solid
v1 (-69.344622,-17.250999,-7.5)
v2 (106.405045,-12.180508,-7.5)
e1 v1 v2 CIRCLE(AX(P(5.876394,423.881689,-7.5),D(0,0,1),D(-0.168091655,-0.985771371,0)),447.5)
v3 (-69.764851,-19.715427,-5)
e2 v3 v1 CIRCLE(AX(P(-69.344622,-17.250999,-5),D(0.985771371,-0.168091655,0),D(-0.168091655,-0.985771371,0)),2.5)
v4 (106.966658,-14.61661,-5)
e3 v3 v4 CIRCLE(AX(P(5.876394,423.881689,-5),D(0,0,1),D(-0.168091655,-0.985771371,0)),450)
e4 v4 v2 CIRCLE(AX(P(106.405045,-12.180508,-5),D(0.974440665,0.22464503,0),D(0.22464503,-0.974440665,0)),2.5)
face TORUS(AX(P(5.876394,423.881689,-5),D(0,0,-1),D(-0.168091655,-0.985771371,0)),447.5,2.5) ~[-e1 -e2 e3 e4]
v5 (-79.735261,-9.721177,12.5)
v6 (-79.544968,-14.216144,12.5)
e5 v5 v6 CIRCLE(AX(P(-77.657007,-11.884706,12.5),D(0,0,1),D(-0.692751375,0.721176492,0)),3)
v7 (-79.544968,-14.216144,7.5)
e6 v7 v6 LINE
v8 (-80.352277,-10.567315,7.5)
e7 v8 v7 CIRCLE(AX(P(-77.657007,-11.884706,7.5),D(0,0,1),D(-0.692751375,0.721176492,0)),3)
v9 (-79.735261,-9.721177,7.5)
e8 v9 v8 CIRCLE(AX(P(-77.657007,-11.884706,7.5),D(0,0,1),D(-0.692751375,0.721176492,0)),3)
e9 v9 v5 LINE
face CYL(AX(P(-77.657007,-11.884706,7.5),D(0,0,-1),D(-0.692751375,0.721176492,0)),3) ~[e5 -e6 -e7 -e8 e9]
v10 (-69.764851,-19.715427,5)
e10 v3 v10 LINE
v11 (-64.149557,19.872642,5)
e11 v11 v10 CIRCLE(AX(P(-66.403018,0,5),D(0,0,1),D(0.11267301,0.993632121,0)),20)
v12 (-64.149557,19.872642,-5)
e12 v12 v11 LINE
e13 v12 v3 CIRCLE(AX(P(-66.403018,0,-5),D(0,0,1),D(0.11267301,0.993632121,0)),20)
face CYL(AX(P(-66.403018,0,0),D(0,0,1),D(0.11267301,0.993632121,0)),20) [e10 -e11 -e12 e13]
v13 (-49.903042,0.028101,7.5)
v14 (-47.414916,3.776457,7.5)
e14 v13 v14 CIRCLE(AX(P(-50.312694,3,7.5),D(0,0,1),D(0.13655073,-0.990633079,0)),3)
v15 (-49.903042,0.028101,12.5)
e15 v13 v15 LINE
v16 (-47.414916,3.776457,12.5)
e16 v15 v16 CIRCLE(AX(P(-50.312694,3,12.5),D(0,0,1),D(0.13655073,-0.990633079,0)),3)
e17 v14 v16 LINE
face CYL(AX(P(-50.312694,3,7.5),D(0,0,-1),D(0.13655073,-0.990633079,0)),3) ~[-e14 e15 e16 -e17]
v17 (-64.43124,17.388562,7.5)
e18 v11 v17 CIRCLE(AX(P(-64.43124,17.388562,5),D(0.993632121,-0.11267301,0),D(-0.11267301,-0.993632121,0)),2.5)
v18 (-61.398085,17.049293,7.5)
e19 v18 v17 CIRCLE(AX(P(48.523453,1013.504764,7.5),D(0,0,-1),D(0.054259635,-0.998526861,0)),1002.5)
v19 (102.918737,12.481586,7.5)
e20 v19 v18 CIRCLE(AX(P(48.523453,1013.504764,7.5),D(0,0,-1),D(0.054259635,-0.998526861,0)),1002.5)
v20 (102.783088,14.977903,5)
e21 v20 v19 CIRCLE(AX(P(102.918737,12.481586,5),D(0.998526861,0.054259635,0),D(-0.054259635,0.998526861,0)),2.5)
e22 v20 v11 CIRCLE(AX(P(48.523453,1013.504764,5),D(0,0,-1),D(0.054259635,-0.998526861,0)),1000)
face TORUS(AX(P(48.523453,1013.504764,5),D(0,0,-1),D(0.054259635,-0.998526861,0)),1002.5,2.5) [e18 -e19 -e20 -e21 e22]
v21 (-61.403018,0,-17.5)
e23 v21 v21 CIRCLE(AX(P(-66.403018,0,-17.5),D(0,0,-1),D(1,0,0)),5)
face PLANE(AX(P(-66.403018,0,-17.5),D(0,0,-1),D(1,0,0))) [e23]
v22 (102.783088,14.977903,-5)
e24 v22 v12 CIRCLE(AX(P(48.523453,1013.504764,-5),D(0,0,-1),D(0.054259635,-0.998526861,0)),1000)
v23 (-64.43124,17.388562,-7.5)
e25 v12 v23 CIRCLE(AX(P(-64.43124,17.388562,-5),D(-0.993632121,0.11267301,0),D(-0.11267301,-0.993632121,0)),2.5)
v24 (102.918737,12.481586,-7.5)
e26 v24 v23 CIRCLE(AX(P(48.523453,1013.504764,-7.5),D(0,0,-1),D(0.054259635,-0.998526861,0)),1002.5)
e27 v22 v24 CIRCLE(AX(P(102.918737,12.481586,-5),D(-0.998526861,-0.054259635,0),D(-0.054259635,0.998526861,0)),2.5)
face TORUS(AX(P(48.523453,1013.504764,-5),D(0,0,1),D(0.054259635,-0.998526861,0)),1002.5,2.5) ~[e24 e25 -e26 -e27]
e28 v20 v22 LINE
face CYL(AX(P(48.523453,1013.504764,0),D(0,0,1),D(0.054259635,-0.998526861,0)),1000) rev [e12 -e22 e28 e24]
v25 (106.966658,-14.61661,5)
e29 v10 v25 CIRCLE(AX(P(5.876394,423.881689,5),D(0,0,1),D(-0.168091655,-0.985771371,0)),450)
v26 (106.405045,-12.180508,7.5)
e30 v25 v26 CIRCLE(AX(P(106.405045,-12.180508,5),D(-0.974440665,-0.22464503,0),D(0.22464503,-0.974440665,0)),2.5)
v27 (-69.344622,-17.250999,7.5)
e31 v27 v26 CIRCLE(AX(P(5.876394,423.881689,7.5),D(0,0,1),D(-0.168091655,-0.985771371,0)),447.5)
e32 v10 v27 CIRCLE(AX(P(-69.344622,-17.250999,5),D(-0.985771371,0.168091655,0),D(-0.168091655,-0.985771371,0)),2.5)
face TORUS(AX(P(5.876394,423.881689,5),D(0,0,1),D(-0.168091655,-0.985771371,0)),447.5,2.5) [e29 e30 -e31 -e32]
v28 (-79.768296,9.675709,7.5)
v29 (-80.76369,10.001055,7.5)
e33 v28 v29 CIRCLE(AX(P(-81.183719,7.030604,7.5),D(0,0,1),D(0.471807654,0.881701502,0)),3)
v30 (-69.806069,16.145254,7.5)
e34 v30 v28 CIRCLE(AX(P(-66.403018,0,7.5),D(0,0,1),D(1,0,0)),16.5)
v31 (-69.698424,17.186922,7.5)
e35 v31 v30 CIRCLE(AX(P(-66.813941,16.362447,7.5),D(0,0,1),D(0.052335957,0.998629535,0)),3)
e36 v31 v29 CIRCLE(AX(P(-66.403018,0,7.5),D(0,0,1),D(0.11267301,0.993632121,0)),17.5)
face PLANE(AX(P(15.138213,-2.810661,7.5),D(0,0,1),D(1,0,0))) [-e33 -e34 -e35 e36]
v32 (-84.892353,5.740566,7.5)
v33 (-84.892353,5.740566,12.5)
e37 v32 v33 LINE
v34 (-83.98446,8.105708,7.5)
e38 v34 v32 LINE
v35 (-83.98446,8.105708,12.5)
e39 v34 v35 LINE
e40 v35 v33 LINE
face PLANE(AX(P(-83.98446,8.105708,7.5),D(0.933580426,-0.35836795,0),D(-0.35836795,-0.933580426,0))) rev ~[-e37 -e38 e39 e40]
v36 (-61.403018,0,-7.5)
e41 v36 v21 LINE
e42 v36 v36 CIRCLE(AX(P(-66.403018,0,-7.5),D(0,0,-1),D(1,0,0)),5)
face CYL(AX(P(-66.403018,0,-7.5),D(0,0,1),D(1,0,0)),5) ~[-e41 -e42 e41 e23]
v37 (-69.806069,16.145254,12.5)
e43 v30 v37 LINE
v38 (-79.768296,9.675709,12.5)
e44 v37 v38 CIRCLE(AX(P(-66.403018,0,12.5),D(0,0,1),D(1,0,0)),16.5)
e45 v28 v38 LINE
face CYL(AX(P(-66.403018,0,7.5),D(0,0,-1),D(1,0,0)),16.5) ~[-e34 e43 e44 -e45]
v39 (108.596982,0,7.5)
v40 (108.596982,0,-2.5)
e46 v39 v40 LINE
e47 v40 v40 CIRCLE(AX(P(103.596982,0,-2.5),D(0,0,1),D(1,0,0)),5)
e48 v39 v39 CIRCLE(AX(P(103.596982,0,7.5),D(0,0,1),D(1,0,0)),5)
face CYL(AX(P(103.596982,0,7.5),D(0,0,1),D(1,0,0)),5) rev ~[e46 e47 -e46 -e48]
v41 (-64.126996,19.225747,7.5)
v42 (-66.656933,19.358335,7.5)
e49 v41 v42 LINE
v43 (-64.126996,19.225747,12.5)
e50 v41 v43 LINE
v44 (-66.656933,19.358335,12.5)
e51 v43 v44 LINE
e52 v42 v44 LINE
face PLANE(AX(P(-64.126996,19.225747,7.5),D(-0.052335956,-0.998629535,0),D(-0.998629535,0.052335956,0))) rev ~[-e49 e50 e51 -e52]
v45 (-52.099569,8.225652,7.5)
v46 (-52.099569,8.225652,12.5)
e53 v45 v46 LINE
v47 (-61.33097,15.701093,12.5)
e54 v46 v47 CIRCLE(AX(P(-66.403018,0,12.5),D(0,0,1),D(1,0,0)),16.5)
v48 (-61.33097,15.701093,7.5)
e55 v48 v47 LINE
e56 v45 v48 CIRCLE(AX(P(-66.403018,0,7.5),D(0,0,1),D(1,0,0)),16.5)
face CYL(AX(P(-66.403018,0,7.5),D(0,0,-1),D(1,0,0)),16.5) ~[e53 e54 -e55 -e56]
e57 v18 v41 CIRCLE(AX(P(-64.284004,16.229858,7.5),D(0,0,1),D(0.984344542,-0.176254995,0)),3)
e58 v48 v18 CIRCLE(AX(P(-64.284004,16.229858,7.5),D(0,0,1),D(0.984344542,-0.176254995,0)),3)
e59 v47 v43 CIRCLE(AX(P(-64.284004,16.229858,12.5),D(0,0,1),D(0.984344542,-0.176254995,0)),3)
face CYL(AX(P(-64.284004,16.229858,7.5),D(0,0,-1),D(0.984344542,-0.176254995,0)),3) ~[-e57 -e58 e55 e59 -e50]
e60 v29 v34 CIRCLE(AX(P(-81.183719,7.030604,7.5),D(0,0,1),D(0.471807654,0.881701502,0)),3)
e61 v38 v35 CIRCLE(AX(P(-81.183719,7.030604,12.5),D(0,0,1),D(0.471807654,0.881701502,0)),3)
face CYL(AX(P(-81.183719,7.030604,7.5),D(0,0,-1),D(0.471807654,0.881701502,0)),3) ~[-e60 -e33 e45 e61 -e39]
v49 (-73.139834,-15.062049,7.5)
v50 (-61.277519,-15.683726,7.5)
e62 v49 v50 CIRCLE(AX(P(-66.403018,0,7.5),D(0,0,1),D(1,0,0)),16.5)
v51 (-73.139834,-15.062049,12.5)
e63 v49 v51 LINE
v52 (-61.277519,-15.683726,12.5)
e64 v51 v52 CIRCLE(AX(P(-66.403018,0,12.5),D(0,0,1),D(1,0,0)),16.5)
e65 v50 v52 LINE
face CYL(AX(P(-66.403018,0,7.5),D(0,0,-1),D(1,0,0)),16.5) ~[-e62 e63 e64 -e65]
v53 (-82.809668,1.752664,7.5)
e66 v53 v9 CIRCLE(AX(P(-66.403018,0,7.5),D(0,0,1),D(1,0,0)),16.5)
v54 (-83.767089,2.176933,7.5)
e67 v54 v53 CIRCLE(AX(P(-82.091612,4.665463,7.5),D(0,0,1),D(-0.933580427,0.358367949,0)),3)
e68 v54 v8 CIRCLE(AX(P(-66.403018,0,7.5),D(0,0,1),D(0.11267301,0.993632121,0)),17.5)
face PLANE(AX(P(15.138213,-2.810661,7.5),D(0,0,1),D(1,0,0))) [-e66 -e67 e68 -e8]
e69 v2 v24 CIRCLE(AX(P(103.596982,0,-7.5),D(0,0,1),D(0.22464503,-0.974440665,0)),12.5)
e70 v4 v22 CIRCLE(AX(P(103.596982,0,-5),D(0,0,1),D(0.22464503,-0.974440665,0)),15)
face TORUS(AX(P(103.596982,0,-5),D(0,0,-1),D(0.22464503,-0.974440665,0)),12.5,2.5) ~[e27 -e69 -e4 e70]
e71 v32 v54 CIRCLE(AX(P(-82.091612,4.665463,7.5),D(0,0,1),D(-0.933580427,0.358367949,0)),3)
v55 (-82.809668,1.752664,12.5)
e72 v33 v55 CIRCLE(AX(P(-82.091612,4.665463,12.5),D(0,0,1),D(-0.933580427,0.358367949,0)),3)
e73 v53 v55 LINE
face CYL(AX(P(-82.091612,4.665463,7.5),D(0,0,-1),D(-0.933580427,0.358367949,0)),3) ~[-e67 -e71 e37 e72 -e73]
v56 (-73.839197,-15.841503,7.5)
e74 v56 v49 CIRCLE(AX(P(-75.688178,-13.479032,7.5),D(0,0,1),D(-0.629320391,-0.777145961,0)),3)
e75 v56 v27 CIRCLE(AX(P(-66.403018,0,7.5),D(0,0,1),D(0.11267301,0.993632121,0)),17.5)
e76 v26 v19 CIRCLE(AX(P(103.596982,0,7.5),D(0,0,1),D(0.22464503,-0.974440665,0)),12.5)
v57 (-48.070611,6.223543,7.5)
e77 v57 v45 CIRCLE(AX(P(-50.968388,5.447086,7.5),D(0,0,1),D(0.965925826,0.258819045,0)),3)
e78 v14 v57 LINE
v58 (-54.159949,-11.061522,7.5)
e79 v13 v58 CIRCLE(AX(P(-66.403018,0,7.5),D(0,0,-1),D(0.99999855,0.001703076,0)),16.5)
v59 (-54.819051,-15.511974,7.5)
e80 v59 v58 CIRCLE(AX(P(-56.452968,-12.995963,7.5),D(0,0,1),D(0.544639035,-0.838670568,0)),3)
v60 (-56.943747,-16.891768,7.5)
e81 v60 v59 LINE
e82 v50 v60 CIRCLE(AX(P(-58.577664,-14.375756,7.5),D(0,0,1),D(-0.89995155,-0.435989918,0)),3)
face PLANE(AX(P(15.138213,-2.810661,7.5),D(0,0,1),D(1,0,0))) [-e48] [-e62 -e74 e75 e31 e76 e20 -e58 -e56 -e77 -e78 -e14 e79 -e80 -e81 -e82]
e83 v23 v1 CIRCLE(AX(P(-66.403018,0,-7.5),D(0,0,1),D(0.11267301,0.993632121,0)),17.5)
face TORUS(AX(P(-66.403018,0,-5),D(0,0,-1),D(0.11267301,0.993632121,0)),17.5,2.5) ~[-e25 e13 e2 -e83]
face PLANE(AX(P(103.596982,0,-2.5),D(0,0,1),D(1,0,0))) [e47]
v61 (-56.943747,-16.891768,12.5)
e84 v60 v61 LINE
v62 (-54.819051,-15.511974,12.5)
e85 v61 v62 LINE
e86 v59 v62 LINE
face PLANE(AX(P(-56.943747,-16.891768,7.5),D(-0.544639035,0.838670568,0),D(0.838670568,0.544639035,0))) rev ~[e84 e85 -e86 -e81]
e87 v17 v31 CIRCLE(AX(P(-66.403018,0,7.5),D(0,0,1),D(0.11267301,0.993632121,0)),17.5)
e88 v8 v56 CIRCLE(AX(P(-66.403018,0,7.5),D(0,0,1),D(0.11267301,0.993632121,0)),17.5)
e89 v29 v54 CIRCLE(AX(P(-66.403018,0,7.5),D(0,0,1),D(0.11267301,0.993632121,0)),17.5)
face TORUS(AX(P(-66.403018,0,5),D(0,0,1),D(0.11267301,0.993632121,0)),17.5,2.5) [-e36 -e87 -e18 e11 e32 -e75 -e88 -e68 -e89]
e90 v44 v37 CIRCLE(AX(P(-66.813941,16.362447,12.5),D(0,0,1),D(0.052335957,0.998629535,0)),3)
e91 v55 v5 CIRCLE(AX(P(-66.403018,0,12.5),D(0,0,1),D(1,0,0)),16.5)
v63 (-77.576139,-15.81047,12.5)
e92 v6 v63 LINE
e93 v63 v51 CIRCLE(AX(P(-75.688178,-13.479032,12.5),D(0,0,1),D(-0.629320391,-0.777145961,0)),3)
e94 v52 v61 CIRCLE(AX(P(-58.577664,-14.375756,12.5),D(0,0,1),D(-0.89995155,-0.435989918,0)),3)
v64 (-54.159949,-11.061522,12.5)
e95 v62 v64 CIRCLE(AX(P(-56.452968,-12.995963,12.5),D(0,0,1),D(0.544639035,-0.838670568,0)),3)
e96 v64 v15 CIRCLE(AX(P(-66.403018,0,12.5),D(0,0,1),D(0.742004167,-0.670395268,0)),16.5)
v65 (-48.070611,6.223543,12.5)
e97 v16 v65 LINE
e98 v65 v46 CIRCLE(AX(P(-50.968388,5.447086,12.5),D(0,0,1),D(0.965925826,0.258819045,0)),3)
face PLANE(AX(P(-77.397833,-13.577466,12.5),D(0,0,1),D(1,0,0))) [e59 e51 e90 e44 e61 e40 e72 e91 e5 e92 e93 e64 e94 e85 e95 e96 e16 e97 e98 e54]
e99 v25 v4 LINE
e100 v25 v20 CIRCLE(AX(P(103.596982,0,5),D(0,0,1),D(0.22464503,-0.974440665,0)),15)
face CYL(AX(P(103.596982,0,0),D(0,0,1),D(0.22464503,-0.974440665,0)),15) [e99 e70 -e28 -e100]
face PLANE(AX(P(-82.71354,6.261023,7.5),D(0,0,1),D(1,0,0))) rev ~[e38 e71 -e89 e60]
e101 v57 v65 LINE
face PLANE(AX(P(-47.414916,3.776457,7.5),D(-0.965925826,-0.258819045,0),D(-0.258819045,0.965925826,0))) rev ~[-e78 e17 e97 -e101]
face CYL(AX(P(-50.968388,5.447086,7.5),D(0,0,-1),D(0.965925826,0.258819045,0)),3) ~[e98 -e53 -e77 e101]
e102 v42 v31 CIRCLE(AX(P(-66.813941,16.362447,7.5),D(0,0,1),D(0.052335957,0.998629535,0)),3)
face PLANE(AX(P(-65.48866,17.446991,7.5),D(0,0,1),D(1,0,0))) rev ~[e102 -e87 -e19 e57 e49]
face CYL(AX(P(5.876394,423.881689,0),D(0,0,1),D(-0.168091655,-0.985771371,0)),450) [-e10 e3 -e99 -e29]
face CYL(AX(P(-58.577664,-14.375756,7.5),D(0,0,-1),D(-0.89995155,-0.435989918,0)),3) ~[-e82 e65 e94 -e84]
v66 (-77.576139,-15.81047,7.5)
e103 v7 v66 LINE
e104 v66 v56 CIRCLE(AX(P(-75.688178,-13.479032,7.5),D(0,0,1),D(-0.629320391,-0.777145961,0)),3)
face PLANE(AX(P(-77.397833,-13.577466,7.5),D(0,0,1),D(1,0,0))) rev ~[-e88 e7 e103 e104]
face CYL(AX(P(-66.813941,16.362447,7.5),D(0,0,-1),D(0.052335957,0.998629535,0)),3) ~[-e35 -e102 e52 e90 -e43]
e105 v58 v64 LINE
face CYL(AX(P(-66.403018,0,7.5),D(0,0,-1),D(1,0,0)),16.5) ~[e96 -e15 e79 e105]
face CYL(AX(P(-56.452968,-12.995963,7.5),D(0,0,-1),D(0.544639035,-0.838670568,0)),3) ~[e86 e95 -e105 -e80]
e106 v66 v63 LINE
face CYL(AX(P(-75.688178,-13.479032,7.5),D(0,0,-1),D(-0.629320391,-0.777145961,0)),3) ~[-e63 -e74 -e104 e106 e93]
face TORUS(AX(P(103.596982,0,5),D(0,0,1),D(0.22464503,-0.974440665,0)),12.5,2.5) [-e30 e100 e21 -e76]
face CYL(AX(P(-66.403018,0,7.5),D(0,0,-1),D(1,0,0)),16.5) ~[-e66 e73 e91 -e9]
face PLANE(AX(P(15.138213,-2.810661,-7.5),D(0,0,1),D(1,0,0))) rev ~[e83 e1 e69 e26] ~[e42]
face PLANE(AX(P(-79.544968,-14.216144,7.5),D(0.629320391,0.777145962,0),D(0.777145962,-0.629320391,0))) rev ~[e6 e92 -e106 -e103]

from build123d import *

# Parameters (mm, degrees)
BOSS_EXTRUDE1_DEPTH = 7.5
FILLET1_R           = 2.5
SKETCH3_R           = 16.5
BOSS_EXTRUDE2_DEPTH = 5
BOSS_EXTRUDE3_START = -5
BOSS_EXTRUDE3_DEPTH = 5
SKETCH5_R           = 5
BOSS_EXTRUDE4_DEPTH = 10
SKETCH6_R           = 5
CUT_EXTRUDE1_DEPTH  = 10


with BuildPart() as part:
    # Sketch2 → Boss-Extrude1 (new, symmetric)
    with BuildSketch(Plane.XY):
        with BuildLine():
            ThreePointArc((102.783087905, 14.977902914), (19.214406157, 13.934366249), (-64.149557364, 19.872642429))
            ThreePointArc((-64.149557364, 19.872642429), (-86.204808933, 2.808746854), (-69.764850677, -19.715427415))
            ThreePointArc((-69.764850677, -19.715427415), (18.853783166, -25.931146508), (106.966657885, -14.61660998))
            ThreePointArc((106.966657885, -14.61660998), (118.44931566, 2.099570811), (102.783087905, 14.977902914))
        make_face()
    extrude(amount=BOSS_EXTRUDE1_DEPTH, both=True)

    # Fillet1
    fillet1_edges = [part.edges().sort_by_distance(p)[0] for p in [
        (18.853783166, -25.931146508, -7.5),
        (118.44931566, 2.099570811, -7.5),
        (118.44931566, 2.099570811, 7.5),
        (-86.204808933, 2.808746854, -7.5),
        (-86.204808933, 2.808746854, 7.5),
        (19.214406157, 13.934366249, -7.5),
        (19.214406157, 13.934366249, 7.5),
        (18.853783166, -25.931146508, 7.5),
    ]]
    fillet(fillet1_edges, radius=FILLET1_R)

    # Sketch3 → Boss-Extrude2 (add)
    with BuildSketch(Plane.XY.offset(7.5)):
        with Locations((-66.403017571, 0)):
            Circle(SKETCH3_R)
    extrude(amount=BOSS_EXTRUDE2_DEPTH)

    # Sketch4 → Boss-Extrude3 (add)
    with BuildSketch(Plane.XY.offset(12.5).offset(BOSS_EXTRUDE3_START)):
        with BuildLine():
            ThreePointArc((-52.099568751, 8.225652062), (-50.465241438, 4.270514244), (-49.9030415, 0.028100762))
            ThreePointArc((-49.9030415, 0.028100762), (-47.813230422, 1.340878735), (-47.414916211, 3.776457135))
            Line((-47.414916211, 3.776457135), (-48.070610856, 6.223542865))
            ThreePointArc((-48.070610856, 6.223542865), (-49.633350281, 8.133658527), (-52.099568751, 8.225652062))
        make_face()
        with BuildLine():
            ThreePointArc((-54.819051353, -15.511974356), (-53.485336446, -13.435462641), (-54.159948813, -11.061521929))
            ThreePointArc((-54.159948813, -11.061521929), (-57.416473494, -13.838064371), (-61.277519146, -15.683726148))
            ThreePointArc((-61.277519146, -15.683726148), (-59.383205961, -17.265583889), (-56.943747393, -16.891768097))
            Line((-56.943747393, -16.891768097), (-54.819051353, -15.511974356))
        make_face()
        with BuildLine():
            ThreePointArc((-77.576139439, -15.810470249), (-75.18911887, -16.437231094), (-73.139833772, -15.062048582))
            ThreePointArc((-73.139833772, -15.062048582), (-76.786804024, -12.822908364), (-79.735261406, -9.721176591))
            ThreePointArc((-79.735261406, -9.721176591), (-80.654322552, -12.011596414), (-79.544968453, -14.21614395))
            Line((-79.544968453, -14.21614395), (-77.576139439, -15.810470249))
        make_face()
        with BuildLine():
            ThreePointArc((-84.892352865, 5.740566364), (-84.750807928, 3.276695145), (-82.809667718, 1.752663965))
            ThreePointArc((-82.809667718, 1.752663965), (-81.807094609, 5.913071167), (-79.768295833, 9.675708604))
            ThreePointArc((-79.768295833, 9.675708604), (-82.230620043, 9.842009046), (-83.984460073, 8.105707948))
            Line((-83.984460073, 8.105707948), (-84.892352865, 5.740566364))
        make_face()
        with BuildLine():
            ThreePointArc((-66.656933344, 19.358335376), (-68.956474332, 18.462340064), (-69.806068802, 16.145254483))
            ThreePointArc((-69.806068802, 16.145254483), (-65.539474293, 16.477387323), (-61.330969971, 15.701093374))
            ThreePointArc((-61.330969971, 15.701093374), (-61.933708879, 18.094292522), (-64.126995727, 19.225746964))
            Line((-64.126995727, 19.225746964), (-66.656933344, 19.358335376))
        make_face()
    extrude(amount=BOSS_EXTRUDE3_DEPTH)

    # Sketch5 → Boss-Extrude4 (add)
    with BuildSketch(Plane(origin=(0, 0, -7.5), x_dir=(-1, 0, 0), z_dir=(0, 0, -1))):
        with Locations(Location((66.403017571, 0, 0), (0, 0, 180))):
            Circle(SKETCH5_R)
    extrude(amount=BOSS_EXTRUDE4_DEPTH)

    # Sketch6 → Cut-Extrude1 (cut)
    with BuildSketch(Plane.XY.offset(7.5)):
        with Locations((103.596982429, 0)):
            Circle(SKETCH6_R)
    extrude(amount=-CUT_EXTRUDE1_DEPTH, mode=Mode.SUBTRACT)


solid = part.part
